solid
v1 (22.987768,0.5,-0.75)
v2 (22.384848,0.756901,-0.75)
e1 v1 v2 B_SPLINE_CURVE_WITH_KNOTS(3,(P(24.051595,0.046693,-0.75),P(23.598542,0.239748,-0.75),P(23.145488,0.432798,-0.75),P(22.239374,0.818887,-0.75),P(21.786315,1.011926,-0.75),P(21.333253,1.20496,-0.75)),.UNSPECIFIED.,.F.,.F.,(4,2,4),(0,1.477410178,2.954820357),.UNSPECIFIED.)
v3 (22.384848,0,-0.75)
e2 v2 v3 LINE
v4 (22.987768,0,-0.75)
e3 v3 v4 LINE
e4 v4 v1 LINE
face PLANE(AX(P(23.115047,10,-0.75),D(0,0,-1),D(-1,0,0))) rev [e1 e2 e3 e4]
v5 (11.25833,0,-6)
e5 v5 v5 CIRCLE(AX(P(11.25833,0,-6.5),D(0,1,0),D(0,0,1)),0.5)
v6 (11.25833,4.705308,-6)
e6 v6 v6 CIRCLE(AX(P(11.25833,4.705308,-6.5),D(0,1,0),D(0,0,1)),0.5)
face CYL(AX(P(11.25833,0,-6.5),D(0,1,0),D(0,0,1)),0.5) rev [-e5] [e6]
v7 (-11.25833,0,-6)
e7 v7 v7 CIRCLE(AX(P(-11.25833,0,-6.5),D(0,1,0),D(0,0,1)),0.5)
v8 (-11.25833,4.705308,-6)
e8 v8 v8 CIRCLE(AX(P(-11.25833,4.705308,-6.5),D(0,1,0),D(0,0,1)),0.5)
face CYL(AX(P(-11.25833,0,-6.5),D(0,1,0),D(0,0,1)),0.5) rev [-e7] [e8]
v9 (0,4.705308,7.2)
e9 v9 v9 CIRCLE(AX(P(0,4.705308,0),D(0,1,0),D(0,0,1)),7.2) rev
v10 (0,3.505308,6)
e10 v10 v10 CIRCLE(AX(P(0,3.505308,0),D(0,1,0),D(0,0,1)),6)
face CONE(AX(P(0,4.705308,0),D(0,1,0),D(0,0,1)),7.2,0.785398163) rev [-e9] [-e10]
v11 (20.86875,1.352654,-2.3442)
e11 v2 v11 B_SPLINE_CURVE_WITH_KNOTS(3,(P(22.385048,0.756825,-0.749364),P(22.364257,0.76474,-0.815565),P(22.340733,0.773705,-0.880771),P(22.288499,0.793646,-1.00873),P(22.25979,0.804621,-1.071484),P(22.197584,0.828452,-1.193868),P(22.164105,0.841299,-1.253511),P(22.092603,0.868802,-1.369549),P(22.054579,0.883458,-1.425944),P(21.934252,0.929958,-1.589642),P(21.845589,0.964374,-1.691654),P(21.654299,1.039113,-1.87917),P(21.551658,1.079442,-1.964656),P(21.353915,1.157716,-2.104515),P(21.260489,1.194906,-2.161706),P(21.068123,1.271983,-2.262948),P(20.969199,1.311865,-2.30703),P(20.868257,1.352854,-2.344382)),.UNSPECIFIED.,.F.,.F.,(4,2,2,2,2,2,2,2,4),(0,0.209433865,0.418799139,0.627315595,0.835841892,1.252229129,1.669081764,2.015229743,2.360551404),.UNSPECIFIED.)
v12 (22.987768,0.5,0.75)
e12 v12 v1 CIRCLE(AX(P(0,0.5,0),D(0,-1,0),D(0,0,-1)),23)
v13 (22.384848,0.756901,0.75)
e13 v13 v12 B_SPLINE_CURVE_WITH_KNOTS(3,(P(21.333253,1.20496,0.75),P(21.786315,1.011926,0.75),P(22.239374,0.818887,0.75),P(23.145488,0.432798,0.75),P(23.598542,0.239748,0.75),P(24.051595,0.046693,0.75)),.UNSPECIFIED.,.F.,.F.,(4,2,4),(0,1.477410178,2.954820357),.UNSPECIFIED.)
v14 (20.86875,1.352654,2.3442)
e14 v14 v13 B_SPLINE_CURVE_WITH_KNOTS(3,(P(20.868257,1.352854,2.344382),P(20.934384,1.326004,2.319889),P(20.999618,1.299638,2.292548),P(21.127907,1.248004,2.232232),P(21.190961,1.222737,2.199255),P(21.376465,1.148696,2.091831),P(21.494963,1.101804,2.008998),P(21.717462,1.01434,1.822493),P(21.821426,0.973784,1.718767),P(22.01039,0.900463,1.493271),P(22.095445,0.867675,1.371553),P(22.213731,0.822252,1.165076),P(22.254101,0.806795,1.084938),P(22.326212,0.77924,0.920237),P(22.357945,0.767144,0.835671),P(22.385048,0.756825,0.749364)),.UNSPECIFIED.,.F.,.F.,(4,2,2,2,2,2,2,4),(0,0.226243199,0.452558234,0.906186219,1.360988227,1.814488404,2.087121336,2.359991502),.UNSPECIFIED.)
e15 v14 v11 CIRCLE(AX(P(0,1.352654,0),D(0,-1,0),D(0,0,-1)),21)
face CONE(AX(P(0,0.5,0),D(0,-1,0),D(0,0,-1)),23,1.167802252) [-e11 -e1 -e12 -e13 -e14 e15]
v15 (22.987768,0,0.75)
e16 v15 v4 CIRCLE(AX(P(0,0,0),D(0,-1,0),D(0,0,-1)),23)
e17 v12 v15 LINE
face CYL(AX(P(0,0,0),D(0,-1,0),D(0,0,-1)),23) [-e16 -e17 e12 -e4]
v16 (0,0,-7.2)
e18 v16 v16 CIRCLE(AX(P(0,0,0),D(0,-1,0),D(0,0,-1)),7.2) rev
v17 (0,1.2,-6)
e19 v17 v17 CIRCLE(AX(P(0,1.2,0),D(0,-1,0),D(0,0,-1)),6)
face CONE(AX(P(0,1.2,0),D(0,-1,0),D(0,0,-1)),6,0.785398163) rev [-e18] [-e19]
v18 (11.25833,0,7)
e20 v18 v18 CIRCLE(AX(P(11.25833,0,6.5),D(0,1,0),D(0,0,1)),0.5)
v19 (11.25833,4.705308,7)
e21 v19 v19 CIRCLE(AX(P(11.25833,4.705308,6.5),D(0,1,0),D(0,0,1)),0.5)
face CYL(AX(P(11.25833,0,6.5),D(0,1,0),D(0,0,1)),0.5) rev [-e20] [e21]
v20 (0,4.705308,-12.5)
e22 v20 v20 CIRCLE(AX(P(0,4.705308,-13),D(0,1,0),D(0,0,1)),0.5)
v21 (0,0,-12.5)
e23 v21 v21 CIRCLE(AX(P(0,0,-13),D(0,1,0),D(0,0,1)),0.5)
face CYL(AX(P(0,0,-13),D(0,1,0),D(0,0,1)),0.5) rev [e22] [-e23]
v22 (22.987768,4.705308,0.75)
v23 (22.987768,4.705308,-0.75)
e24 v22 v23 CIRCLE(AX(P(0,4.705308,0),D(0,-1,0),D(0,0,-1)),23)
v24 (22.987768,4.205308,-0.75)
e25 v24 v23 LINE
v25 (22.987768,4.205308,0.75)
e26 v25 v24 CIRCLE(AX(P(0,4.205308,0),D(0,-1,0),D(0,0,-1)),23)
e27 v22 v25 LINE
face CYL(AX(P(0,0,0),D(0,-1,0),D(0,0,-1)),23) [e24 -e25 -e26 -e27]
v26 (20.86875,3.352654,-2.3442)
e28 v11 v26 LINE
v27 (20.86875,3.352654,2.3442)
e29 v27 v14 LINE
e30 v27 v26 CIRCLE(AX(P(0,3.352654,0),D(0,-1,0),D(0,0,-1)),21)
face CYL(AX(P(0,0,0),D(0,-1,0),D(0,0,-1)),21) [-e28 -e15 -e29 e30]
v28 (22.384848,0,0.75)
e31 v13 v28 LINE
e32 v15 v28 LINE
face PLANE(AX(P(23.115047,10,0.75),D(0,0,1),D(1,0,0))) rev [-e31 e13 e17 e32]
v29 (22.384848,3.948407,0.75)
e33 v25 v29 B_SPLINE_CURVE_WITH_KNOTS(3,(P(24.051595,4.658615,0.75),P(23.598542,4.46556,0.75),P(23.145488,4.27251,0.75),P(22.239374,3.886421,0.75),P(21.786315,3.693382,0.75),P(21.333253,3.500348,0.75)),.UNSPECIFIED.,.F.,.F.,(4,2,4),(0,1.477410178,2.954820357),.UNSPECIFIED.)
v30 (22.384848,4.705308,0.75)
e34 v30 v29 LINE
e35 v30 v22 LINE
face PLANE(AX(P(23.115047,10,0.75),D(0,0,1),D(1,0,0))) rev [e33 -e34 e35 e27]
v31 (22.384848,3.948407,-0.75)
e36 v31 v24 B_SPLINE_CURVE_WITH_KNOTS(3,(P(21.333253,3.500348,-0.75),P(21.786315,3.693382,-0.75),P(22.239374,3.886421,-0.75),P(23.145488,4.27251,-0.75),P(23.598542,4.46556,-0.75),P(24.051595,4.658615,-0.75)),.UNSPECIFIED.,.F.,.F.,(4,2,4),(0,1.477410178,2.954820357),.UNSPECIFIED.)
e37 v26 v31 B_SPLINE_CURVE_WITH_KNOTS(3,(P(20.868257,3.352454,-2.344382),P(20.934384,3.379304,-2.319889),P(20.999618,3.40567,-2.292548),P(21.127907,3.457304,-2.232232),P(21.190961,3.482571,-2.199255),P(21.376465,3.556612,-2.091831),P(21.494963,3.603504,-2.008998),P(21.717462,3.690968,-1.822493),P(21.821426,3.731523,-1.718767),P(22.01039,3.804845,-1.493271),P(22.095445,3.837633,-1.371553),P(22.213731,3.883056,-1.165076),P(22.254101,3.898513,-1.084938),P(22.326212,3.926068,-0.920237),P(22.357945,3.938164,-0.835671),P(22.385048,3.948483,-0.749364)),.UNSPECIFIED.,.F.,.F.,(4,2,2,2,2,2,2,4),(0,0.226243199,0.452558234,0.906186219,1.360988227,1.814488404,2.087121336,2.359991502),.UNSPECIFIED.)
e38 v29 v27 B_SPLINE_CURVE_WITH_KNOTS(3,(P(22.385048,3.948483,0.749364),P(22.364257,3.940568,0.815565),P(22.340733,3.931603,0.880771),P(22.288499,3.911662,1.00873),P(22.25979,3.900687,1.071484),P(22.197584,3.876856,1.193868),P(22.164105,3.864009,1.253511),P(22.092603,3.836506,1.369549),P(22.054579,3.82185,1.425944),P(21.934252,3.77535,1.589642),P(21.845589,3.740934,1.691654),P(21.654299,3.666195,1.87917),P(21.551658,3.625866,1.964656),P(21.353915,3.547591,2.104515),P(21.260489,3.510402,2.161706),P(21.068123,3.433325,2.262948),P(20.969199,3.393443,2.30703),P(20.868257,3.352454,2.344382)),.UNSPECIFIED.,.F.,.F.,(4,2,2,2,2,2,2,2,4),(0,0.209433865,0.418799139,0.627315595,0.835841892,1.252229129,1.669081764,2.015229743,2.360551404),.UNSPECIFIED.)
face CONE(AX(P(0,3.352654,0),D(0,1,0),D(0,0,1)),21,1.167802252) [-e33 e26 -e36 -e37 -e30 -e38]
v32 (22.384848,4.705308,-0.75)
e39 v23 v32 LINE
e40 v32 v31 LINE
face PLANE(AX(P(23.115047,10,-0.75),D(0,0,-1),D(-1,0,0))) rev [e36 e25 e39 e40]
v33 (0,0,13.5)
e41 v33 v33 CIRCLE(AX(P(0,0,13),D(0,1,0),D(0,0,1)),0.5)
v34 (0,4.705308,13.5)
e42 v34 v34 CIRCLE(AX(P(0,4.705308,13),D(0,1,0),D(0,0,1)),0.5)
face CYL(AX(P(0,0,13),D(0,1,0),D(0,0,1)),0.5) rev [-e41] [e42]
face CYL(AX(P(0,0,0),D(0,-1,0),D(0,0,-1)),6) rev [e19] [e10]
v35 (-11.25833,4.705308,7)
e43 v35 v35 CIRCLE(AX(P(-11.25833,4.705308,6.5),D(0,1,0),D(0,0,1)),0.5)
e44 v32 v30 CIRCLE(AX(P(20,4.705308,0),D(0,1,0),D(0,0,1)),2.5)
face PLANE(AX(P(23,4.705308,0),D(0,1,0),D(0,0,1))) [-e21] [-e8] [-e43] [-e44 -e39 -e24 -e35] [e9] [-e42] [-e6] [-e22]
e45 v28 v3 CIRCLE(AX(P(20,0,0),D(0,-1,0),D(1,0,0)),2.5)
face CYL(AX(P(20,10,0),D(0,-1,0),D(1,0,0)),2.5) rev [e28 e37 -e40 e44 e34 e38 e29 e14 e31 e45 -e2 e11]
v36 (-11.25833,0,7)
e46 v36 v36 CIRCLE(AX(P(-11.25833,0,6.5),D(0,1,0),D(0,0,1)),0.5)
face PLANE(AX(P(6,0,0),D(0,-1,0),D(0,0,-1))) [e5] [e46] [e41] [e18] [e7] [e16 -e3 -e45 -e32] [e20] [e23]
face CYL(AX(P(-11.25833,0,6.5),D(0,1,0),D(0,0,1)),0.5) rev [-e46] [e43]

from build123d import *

# Parameters (mm, degrees)
CORTE_EXTRUS_O1_DEPTH      = 10
CHANFRO3_SIZE              = 1.2
CORTE_EXTRUS_O2_DEPTH      = 33.865482391
CORTE_EXTRUS_O2_DEPTH_BACK = 33.865482391
ESBO_O5_R                  = 0.5


with BuildPart() as part:
    # Esboço2 → Revolução1 (revolve)
    with BuildSketch(Plane.XY, mode=Mode.PRIVATE) as revolu_o1_sk:
        Polygon((6, 0), (23, 0), (23, 0.5), (21, 1.352653961), (21, 3.352653961), (23, 4.205307923), (23, 4.705307923), (6, 4.705307923), align=None)
    revolve(revolu_o1_sk.sketch.rotate(Axis((0, 0, 0), (0, 1, 0)), 90), axis=Axis((0, 0, 0), (0, 1, 0)))

    # Esboço3 → Corte-extrusão1 (cut)
    with BuildSketch(Plane.XZ):
        with BuildLine():
            Line((23.115047023, 0.75), (23.115047023, -0.75))
            Line((23.115047023, -0.75), (22.384848004, -0.75))
            ThreePointArc((22.384848004, -0.75), (17.5, 0), (22.384848004, 0.75))
            Line((22.384848004, 0.75), (23.115047023, 0.75))
        make_face()
    extrude(amount=-CORTE_EXTRUS_O1_DEPTH, mode=Mode.SUBTRACT)

    # Chanfro3
    chanfro3_edges = [part.edges().sort_by_distance(p)[0] for p in [
        (0, 0, 6),
        (0, 4.705307923, 6),
    ]]
    chamfer(chanfro3_edges, length=CHANFRO3_SIZE)

    # Esboço5 → Corte-extrusão2 (cut, two sides: drawn at the far end of the back side and taken through both)
    with BuildSketch(Plane(origin=(0, 4.705307923, 0), x_dir=(1, 0, 0), z_dir=(0, 1, 0)).offset(-CORTE_EXTRUS_O2_DEPTH_BACK)):
        with Locations(Location((0, 13, 0), (0, 0, 270))):
            Circle(ESBO_O5_R)
        with Locations(Location((0, -13, 0), (0, 0, 270))):
            Circle(ESBO_O5_R)
        with Locations(Location((11.258330249, 6.5, 0), (0, 0, 270))):
            Circle(ESBO_O5_R)
        with Locations(Location((-11.258330249, -6.5, 0), (0, 0, 270))):
            Circle(ESBO_O5_R)
        with Locations(Location((11.258330249, -6.5, 0), (0, 0, 270))):
            Circle(ESBO_O5_R)
        with Locations(Location((-11.258330249, 6.5, 0), (0, 0, 270))):
            Circle(ESBO_O5_R)
    extrude(amount=CORTE_EXTRUS_O2_DEPTH + CORTE_EXTRUS_O2_DEPTH_BACK, mode=Mode.SUBTRACT)


solid = part.part
